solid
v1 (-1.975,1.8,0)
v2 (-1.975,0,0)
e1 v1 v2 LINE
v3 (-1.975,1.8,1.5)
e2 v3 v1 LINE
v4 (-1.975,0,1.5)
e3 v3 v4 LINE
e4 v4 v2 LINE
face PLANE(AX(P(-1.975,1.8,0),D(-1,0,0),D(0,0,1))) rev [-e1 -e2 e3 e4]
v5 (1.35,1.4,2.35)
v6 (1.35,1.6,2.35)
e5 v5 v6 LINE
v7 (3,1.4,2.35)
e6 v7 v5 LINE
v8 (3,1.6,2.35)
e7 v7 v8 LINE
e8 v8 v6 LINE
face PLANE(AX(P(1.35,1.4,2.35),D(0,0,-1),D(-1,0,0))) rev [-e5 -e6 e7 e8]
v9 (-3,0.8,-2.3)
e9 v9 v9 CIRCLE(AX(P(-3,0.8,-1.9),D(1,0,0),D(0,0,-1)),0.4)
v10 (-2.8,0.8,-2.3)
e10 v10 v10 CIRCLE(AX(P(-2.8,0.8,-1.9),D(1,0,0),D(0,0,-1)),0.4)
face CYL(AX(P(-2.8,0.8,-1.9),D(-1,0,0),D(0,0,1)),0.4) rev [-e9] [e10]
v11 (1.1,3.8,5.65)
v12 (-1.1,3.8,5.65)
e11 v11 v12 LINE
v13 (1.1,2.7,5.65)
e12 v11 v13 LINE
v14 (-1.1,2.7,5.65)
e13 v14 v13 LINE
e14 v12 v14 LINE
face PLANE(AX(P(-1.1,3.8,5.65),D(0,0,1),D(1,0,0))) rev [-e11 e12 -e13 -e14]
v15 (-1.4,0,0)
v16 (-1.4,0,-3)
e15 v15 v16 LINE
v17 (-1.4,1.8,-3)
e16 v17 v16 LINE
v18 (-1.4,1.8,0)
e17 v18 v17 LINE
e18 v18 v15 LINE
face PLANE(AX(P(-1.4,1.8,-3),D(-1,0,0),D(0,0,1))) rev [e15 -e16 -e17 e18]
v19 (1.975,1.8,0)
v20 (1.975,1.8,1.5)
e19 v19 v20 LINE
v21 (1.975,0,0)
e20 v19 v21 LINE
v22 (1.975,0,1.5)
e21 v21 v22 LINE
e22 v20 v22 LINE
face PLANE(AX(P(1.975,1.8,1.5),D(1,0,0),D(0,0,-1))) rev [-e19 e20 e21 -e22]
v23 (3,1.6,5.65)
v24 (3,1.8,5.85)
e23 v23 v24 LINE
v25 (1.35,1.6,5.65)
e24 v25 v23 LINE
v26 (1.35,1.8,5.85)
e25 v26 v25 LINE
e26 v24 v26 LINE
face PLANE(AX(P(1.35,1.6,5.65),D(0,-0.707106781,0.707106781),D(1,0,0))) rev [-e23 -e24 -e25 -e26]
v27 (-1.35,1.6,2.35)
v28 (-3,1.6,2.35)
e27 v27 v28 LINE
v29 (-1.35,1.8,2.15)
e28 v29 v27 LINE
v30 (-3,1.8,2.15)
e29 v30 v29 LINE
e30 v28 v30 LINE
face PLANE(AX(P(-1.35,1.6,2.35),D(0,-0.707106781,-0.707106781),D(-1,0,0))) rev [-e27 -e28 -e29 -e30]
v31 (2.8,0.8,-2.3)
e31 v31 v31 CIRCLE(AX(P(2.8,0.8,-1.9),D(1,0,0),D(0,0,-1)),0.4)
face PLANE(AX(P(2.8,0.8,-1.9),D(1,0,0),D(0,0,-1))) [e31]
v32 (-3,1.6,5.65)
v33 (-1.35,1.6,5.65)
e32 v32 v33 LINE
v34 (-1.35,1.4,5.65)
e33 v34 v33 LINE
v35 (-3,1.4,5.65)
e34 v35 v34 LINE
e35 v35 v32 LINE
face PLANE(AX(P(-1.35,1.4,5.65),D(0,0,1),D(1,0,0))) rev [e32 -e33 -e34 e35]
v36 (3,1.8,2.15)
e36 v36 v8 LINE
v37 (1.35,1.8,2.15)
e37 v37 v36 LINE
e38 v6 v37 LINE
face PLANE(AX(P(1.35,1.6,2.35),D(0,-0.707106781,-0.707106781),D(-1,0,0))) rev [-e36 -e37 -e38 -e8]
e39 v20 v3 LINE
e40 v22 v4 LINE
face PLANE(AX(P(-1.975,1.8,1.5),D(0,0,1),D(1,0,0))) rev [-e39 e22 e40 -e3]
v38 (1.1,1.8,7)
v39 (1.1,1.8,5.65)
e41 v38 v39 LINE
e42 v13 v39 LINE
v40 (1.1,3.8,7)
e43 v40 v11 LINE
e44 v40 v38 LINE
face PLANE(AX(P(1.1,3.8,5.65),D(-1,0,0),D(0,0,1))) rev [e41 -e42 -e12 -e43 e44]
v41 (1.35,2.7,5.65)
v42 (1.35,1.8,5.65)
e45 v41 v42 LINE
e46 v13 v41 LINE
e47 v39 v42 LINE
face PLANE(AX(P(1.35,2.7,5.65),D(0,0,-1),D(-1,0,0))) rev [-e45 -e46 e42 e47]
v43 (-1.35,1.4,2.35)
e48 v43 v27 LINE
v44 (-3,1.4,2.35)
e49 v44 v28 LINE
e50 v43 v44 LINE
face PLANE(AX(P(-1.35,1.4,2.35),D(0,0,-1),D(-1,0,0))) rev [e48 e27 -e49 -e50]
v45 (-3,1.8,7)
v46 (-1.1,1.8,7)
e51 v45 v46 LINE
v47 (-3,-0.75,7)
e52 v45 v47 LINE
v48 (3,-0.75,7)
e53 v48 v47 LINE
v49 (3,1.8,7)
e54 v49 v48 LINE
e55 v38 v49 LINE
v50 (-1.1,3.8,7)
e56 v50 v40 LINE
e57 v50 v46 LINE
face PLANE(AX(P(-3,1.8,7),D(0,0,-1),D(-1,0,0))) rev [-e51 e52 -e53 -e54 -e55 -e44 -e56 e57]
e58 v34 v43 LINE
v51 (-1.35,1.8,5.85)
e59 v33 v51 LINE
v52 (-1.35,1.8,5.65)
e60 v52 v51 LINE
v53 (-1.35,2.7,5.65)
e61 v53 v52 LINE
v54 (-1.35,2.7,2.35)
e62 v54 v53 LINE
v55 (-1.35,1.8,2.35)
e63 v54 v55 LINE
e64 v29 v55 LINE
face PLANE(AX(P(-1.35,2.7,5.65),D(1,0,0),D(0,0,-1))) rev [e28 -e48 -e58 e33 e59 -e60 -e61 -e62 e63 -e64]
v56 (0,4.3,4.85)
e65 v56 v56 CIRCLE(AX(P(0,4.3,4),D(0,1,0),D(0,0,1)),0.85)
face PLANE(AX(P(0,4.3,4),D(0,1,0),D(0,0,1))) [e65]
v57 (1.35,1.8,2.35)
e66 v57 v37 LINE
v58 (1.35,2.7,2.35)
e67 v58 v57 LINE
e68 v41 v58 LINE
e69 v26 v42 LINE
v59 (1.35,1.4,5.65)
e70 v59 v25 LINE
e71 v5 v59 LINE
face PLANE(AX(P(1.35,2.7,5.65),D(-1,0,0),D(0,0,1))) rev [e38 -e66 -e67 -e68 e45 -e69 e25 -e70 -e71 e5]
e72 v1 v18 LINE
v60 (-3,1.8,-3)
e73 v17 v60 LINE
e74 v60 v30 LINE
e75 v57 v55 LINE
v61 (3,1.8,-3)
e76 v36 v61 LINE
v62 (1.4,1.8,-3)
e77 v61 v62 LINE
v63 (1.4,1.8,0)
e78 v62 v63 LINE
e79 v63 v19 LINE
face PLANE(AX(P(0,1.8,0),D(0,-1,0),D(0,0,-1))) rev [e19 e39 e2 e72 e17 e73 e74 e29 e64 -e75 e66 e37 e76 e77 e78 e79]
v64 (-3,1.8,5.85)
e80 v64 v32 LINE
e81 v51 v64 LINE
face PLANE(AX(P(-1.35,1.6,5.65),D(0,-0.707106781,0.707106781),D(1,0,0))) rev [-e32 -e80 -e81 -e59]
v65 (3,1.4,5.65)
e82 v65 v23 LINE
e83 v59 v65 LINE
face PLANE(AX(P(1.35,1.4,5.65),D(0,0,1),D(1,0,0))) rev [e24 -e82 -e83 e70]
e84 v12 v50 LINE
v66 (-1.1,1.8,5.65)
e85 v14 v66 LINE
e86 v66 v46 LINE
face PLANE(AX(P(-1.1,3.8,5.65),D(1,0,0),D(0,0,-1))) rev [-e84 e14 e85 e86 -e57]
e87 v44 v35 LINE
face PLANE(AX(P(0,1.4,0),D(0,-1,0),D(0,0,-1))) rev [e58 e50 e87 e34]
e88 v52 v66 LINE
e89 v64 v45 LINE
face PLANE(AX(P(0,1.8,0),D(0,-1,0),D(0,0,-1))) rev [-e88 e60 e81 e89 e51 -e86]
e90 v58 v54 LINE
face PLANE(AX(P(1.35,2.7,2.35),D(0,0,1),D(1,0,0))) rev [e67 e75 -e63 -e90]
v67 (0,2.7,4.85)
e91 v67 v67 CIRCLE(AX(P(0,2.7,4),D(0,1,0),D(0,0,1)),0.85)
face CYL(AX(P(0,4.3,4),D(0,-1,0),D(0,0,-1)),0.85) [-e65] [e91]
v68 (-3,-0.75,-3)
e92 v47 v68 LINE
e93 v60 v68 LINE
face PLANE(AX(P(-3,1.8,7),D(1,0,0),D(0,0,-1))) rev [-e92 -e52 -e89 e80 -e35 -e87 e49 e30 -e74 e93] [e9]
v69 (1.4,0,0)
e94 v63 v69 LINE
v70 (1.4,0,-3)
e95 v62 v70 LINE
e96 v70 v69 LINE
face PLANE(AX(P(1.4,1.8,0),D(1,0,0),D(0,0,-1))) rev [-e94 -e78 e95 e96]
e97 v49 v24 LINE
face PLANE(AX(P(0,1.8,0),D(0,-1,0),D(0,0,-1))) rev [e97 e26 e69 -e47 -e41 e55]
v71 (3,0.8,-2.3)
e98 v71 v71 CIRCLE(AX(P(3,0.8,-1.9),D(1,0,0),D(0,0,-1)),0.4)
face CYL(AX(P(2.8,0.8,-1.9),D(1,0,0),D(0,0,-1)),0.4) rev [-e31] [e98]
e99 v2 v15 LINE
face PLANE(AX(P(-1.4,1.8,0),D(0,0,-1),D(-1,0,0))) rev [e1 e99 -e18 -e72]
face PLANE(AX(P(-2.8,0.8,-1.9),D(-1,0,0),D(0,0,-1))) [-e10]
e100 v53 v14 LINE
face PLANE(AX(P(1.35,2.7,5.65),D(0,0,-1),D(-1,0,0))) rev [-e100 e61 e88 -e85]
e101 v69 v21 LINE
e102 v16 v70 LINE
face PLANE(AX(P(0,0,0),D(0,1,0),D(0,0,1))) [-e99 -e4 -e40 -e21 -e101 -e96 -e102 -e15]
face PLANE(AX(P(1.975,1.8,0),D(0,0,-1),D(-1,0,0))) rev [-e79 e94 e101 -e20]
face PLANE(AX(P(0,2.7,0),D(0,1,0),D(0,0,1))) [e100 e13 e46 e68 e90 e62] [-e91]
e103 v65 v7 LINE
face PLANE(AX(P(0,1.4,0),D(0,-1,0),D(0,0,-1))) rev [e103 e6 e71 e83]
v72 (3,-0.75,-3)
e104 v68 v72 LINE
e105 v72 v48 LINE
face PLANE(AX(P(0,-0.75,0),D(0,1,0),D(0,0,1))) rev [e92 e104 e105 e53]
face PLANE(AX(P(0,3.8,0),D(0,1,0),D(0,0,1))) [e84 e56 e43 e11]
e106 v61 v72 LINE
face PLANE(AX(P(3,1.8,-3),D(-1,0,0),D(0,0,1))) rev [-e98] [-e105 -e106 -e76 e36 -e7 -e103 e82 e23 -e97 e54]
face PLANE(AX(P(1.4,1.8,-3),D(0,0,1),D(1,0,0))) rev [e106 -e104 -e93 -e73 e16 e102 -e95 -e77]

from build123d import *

# Parameters (mm, degrees)
BOSS_EXTRUDE1_DEPTH = 1.8
SKETCH2_W           = 6
SKETCH2_H           = 10
BOSS_EXTRUDE2_DEPTH = 0.75
SKETCH3_W           = 2.7
SKETCH3_H           = 3.3
BOSS_EXTRUDE3_DEPTH = 0.9
SKETCH4_R           = 0.85
BOSS_EXTRUDE4_DEPTH = 1.6
SKETCH5_W           = 2.2
SKETCH5_H           = 1.35
BOSS_EXTRUDE5_DEPTH = 2
SKETCH7_W           = 1.65
SKETCH7_H           = 3.3
CUT_EXTRUDE2_DEPTH  = 0.4
CHAMFER1_SIZE       = 0.2
SKETCH9_R           = 0.4
CUT_EXTRUDE4_DEPTH  = 0.2


with BuildPart() as part:
    # Sketch1 → Boss-Extrude1 (new body)
    with BuildSketch(Plane(origin=(0, 0, 0), x_dir=(1, 0, 0), z_dir=(0, 1, 0))):
        Polygon((-1.4, 3), (-1.4, 0), (-1.975, 0), (-1.975, -1.5), (1.975, -1.5), (1.975, 0), (1.4, 0), (1.4, 3), (3, 3), (3, -7), (-3, -7), (-3, 3), align=None)
    extrude(amount=BOSS_EXTRUDE1_DEPTH)

    # Sketch2 → Boss-Extrude2 (add)
    with BuildSketch(Plane.XZ):
        with Locations((0, 2)):
            Rectangle(SKETCH2_W, SKETCH2_H)
    extrude(amount=BOSS_EXTRUDE2_DEPTH)

    # Sketch3 → Boss-Extrude3 (add)
    with BuildSketch(Plane(origin=(0, 1.8, 0), x_dir=(1, 0, 0), z_dir=(0, 1, 0))):
        with Locations((0, -4)):
            Rectangle(SKETCH3_W, SKETCH3_H)
    extrude(amount=BOSS_EXTRUDE3_DEPTH)

    # Sketch4 → Boss-Extrude4 (add)
    with BuildSketch(Plane(origin=(0, 2.7, 0), x_dir=(1, 0, 0), z_dir=(0, 1, 0))):
        with Locations(Location((0, -4, 0), (0, 0, 270))):
            Circle(SKETCH4_R)
    extrude(amount=BOSS_EXTRUDE4_DEPTH)

    # Sketch5 → Boss-Extrude5 (add)
    with BuildSketch(Plane(origin=(0, 1.8, 0), x_dir=(1, 0, 0), z_dir=(0, 1, 0))):
        with Locations((0, -6.325)):
            Rectangle(SKETCH5_W, SKETCH5_H)
    extrude(amount=BOSS_EXTRUDE5_DEPTH)

    # Sketch7 → Cut-Extrude2 (cut)
    with BuildSketch(Plane(origin=(0, 1.8, 0), x_dir=(1, 0, 0), z_dir=(0, 1, 0))):
        with Locations((-2.175, -4)):
            Rectangle(SKETCH7_W, SKETCH7_H)
        with Locations((2.175, -4)):
            Rectangle(SKETCH7_W, SKETCH7_H)
    extrude(amount=-CUT_EXTRUDE2_DEPTH, mode=Mode.SUBTRACT)

    # Chamfer1
    chamfer1_edges = [part.edges().sort_by_distance(p)[0] for p in [
        (-2.175, 1.8, 2.35),
        (-2.175, 1.8, 5.65),
        (2.175, 1.8, 5.65),
        (2.175, 1.8, 2.35),
    ]]
    chamfer(chamfer1_edges, length=CHAMFER1_SIZE)

    # Sketch9 → Cut-Extrude4 (cut)
    with BuildSketch(Plane(origin=(3, 0, 0), x_dir=(0, 0, -1), z_dir=(1, 0, 0))):
        with Locations((1.9, 0.8)):
            Circle(SKETCH9_R)
    cut_extrude4 = extrude(amount=-CUT_EXTRUDE4_DEPTH, mode=Mode.SUBTRACT)

    # Mirror1: Cut-Extrude4 across plane
    add(cut_extrude4.mirror(Plane(origin=(0, 0, 0), x_dir=(0, 0, 1), z_dir=(1, 0, 0))), mode=Mode.SUBTRACT)


solid = part.part
